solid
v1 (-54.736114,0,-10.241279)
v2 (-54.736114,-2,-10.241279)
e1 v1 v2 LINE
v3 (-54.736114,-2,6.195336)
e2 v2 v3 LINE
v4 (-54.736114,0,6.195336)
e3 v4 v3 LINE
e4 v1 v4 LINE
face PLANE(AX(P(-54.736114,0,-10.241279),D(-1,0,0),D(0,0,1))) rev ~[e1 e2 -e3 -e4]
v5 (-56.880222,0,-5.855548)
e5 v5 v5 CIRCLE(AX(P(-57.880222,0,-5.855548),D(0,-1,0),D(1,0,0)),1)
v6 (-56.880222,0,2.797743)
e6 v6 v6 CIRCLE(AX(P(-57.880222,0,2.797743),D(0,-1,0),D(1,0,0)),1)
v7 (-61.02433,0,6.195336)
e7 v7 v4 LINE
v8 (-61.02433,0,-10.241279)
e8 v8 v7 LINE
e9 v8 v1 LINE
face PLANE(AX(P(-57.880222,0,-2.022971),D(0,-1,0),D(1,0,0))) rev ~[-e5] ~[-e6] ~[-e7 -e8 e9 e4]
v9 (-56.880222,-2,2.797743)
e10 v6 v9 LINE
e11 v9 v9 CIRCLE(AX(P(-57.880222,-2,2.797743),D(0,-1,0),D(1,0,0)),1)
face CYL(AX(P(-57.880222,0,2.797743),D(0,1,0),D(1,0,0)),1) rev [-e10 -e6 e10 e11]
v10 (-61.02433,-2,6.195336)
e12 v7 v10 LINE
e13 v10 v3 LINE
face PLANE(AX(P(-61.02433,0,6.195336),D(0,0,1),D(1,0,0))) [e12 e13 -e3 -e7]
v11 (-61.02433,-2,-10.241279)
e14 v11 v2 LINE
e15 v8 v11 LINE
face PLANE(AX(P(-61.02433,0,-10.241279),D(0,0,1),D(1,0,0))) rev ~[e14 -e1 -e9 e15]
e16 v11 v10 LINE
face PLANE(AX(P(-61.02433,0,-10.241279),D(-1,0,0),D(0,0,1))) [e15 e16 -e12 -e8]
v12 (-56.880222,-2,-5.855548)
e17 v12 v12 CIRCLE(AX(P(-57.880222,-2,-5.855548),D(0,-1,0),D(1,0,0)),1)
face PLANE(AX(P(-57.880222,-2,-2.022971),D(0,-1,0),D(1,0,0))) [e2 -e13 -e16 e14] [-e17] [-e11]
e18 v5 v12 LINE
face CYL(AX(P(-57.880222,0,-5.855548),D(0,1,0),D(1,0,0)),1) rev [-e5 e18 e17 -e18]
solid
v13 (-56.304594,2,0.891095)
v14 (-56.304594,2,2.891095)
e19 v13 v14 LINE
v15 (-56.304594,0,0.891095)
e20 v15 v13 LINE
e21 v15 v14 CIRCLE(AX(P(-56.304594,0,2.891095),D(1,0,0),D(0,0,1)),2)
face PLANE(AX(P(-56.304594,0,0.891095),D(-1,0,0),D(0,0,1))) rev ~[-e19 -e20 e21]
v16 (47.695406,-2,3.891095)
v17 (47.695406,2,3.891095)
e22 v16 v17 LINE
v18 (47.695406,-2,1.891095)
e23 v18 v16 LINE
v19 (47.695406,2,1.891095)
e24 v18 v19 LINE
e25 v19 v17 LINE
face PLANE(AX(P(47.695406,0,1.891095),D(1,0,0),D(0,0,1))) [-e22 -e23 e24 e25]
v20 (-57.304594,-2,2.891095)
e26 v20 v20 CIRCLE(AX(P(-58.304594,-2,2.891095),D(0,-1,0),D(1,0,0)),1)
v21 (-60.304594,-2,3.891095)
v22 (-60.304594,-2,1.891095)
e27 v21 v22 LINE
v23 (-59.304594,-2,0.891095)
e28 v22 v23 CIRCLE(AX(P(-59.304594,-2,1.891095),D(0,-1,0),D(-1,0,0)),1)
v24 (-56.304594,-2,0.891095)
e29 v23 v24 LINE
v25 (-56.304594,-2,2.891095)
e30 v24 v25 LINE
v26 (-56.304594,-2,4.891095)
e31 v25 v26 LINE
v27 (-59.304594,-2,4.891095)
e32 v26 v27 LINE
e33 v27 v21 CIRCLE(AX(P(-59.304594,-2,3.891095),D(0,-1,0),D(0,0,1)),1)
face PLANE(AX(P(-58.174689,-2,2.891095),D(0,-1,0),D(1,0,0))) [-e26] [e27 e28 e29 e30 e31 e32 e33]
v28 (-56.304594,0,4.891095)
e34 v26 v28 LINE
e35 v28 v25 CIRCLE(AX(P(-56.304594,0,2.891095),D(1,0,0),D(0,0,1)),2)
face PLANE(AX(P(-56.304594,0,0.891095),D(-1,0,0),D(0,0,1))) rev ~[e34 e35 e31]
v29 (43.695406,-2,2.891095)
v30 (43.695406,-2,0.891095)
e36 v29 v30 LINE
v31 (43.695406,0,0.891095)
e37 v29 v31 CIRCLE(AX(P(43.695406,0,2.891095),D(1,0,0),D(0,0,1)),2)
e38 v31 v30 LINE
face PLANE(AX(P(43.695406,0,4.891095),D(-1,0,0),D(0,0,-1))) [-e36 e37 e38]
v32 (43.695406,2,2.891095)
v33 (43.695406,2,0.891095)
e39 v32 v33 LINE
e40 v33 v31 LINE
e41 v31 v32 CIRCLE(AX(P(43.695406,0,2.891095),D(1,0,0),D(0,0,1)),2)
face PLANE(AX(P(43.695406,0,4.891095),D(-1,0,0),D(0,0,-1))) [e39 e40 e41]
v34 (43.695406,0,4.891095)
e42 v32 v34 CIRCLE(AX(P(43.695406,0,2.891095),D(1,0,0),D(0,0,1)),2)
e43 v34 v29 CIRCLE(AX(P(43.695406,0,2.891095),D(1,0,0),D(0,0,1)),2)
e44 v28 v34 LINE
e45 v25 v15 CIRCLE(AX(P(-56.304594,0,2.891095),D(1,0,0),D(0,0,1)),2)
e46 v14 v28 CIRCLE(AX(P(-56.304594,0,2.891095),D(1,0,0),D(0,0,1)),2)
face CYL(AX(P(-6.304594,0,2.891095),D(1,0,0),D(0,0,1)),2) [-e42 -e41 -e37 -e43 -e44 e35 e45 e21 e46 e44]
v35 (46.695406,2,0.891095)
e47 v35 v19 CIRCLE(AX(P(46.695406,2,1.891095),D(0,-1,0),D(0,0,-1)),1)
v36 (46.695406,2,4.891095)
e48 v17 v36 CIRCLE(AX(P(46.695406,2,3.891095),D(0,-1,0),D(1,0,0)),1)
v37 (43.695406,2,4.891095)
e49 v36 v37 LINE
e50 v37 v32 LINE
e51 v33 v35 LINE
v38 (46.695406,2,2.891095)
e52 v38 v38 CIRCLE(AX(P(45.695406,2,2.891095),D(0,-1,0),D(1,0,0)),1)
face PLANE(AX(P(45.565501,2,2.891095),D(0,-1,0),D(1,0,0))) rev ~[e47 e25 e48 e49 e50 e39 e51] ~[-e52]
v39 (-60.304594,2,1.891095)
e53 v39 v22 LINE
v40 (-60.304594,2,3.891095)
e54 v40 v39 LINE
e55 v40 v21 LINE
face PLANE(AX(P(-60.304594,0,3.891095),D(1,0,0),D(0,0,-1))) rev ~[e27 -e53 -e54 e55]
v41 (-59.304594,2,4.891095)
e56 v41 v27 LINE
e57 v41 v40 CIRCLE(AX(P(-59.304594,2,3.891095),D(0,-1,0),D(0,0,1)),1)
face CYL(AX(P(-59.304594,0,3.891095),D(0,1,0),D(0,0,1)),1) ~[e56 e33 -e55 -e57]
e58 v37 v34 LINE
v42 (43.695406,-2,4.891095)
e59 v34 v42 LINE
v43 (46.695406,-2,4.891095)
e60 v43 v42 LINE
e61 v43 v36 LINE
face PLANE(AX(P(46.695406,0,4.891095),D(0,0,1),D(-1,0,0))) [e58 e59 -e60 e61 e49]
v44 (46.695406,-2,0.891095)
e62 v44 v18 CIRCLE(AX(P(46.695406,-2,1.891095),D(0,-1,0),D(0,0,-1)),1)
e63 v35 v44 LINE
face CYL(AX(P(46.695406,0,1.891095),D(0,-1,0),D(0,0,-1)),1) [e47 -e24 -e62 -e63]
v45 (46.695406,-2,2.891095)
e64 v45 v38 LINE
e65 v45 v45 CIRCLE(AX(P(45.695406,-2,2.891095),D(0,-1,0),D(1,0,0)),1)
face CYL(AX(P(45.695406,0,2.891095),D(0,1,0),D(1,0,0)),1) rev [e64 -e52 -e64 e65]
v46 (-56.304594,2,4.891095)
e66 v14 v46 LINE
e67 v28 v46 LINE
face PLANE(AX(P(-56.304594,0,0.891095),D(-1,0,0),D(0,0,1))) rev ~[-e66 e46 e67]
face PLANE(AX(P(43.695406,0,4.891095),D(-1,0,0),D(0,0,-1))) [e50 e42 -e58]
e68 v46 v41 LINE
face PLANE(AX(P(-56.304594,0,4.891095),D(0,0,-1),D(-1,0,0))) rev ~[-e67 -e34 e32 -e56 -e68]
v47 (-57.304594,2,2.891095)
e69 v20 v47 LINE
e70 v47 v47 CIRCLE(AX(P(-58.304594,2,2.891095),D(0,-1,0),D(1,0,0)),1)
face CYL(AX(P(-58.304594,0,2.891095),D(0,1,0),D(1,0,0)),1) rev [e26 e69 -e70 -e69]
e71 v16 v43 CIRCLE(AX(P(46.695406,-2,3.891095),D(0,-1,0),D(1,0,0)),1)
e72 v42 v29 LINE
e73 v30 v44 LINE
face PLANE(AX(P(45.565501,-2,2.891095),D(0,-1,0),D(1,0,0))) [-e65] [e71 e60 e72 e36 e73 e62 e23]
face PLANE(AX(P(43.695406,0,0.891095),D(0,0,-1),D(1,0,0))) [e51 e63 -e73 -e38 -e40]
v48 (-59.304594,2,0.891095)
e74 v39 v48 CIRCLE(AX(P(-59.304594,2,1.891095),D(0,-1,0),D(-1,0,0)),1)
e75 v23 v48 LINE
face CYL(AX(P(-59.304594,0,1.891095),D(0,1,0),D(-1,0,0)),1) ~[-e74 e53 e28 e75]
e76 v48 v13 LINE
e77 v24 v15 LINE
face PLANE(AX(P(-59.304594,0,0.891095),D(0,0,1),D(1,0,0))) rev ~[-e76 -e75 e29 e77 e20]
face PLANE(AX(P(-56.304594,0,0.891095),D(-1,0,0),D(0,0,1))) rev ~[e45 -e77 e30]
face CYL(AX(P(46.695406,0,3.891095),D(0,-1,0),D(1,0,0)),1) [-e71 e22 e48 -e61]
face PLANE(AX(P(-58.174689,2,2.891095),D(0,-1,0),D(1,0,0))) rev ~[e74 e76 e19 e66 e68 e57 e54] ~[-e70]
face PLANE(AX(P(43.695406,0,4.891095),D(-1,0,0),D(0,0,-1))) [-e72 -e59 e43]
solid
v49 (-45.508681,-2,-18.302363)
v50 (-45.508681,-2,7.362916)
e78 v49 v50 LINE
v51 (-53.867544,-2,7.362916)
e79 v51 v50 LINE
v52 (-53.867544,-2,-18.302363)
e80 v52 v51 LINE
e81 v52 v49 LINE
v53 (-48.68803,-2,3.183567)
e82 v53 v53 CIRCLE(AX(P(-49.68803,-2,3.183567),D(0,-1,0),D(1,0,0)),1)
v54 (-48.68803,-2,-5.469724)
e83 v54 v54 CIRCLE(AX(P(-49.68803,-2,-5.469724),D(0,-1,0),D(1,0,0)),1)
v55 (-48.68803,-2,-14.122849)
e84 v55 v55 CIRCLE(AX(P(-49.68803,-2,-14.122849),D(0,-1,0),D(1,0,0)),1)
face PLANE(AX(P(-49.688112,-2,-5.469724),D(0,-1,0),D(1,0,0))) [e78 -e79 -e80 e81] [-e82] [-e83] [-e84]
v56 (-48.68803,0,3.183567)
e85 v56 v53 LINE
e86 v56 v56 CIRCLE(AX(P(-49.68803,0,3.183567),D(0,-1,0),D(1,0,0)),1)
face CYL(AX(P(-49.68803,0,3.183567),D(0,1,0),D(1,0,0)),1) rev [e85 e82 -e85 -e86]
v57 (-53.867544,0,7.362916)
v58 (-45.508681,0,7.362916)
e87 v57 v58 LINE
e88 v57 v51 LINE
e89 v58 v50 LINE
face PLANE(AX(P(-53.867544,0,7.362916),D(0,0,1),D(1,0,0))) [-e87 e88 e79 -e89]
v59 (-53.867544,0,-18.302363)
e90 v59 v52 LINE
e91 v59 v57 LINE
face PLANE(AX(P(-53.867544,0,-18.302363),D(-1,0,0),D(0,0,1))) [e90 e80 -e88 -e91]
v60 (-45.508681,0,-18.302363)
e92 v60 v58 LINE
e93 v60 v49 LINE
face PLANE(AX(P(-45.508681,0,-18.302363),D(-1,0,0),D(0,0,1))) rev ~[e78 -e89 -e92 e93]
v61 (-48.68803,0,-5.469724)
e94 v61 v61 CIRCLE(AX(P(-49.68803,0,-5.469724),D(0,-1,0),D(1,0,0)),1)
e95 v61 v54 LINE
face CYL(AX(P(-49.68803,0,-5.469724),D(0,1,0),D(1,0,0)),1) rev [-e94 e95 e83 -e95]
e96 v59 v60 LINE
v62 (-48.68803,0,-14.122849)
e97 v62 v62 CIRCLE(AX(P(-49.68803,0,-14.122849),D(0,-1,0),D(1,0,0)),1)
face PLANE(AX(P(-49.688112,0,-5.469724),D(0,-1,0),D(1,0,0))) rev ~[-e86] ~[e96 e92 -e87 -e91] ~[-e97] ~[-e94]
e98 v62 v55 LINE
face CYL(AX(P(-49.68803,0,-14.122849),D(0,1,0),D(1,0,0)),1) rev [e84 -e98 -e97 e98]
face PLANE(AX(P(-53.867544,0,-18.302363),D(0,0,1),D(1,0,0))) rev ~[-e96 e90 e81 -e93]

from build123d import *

# Parameters (mm, degrees)
F0_W     = 100
F0_H     = 2
F0_R     = 1
F2_DEPTH = 2
F3_W     = 6.2882156768
F3_H     = 16.4366154931
F3_R     = 1
F4_DEPTH = 2
F5_W     = 8.3588625378
F5_H     = 25.6652788855
F5_R     = 1
F6_DEPTH = 2


with BuildPart() as f1:
    # F0 (on Front) → F1 (revolve)
    with BuildSketch(Plane.XZ):
        with Locations((-6.3045942187, 3.8910947517)):
            Rectangle(F0_W, F0_H)
    revolve(axis=Axis((-6.3045942187, 0, 2.8910947517), (1, 0, 0)))

    # F0 (on Front) → F2 (join, symmetric)
    with BuildSketch(Plane.XZ):
        with BuildLine():
            Line((-56.3045942187, 2.8910947517), (-56.3045942187, 4.8910947517))
            Line((-56.3045942187, 4.8910947517), (-59.3045942187, 4.8910947517))
            ThreePointArc((-59.3045942187, 4.8910947517), (-60.011701, 4.5982015329), (-60.3045942187, 3.8910947517))
            Line((-60.3045942187, 3.8910947517), (-60.3045942187, 1.8910947517))
            ThreePointArc((-60.3045942187, 1.8910947517), (-60.011701, 1.1839879704), (-59.3045942187, 0.8910947517))
            Line((-59.3045942187, 0.8910947517), (-56.3045942187, 0.8910947517))
            Line((-56.3045942187, 0.8910947517), (-56.3045942187, 2.8910947517))
        make_face()
        with Locations((-58.3045942187, 2.8910947517)):
            Circle(F0_R, mode=Mode.SUBTRACT)
        with BuildLine():
            Line((46.6954057813, 4.8910947517), (43.6954057813, 4.8910947517))
            Line((43.6954057813, 4.8910947517), (43.6954057813, 2.8910947517))
            Line((43.6954057813, 2.8910947517), (43.6954057813, 0.8910947517))
            Line((43.6954057813, 0.8910947517), (46.6954057813, 0.8910947517))
            ThreePointArc((46.6954057813, 0.8910947517), (47.4025125625, 1.1839879705), (47.6954057813, 1.8910947517))
            Line((47.6954057813, 1.8910947517), (47.6954057813, 3.8910947517))
            ThreePointArc((47.6954057813, 3.8910947517), (47.4025125625, 4.5982015328), (46.6954057813, 4.8910947517))
        make_face()
        with Locations((45.6954057813, 2.8910947517)):
            Circle(F0_R, mode=Mode.SUBTRACT)
    extrude(amount=F2_DEPTH, both=True)


with BuildPart() as f4:
    # F3 (on Front) → F4 (new body)
    with BuildSketch(Plane.XZ):
        with Locations((-57.8802218475, -2.0229713348)):
            Rectangle(F3_W, F3_H)
        with Locations((-57.8802218475, -5.8555478984)):
            Circle(F3_R, mode=Mode.SUBTRACT)
        with Locations((-57.8802218475, 2.797742829)):
            Circle(F3_R, mode=Mode.SUBTRACT)
    extrude(amount=F4_DEPTH)


with BuildPart() as f6:
    # F5 (on Front) → F6 (new body)
    with BuildSketch(Plane.XZ):
        with Locations((-49.6881123006, -5.4697235934)):
            Rectangle(F5_W, F5_H)
        with Locations((-49.6880297471, -14.1228492146)):
            Circle(F5_R, mode=Mode.SUBTRACT)
        with Locations((-49.6880297471, -5.4697235934)):
            Circle(F5_R, mode=Mode.SUBTRACT)
        with Locations((-49.6880297471, 3.1835671339)):
            Circle(F5_R, mode=Mode.SUBTRACT)
    extrude(amount=F6_DEPTH)


solid = Compound([f1.part, f4.part, f6.part])
